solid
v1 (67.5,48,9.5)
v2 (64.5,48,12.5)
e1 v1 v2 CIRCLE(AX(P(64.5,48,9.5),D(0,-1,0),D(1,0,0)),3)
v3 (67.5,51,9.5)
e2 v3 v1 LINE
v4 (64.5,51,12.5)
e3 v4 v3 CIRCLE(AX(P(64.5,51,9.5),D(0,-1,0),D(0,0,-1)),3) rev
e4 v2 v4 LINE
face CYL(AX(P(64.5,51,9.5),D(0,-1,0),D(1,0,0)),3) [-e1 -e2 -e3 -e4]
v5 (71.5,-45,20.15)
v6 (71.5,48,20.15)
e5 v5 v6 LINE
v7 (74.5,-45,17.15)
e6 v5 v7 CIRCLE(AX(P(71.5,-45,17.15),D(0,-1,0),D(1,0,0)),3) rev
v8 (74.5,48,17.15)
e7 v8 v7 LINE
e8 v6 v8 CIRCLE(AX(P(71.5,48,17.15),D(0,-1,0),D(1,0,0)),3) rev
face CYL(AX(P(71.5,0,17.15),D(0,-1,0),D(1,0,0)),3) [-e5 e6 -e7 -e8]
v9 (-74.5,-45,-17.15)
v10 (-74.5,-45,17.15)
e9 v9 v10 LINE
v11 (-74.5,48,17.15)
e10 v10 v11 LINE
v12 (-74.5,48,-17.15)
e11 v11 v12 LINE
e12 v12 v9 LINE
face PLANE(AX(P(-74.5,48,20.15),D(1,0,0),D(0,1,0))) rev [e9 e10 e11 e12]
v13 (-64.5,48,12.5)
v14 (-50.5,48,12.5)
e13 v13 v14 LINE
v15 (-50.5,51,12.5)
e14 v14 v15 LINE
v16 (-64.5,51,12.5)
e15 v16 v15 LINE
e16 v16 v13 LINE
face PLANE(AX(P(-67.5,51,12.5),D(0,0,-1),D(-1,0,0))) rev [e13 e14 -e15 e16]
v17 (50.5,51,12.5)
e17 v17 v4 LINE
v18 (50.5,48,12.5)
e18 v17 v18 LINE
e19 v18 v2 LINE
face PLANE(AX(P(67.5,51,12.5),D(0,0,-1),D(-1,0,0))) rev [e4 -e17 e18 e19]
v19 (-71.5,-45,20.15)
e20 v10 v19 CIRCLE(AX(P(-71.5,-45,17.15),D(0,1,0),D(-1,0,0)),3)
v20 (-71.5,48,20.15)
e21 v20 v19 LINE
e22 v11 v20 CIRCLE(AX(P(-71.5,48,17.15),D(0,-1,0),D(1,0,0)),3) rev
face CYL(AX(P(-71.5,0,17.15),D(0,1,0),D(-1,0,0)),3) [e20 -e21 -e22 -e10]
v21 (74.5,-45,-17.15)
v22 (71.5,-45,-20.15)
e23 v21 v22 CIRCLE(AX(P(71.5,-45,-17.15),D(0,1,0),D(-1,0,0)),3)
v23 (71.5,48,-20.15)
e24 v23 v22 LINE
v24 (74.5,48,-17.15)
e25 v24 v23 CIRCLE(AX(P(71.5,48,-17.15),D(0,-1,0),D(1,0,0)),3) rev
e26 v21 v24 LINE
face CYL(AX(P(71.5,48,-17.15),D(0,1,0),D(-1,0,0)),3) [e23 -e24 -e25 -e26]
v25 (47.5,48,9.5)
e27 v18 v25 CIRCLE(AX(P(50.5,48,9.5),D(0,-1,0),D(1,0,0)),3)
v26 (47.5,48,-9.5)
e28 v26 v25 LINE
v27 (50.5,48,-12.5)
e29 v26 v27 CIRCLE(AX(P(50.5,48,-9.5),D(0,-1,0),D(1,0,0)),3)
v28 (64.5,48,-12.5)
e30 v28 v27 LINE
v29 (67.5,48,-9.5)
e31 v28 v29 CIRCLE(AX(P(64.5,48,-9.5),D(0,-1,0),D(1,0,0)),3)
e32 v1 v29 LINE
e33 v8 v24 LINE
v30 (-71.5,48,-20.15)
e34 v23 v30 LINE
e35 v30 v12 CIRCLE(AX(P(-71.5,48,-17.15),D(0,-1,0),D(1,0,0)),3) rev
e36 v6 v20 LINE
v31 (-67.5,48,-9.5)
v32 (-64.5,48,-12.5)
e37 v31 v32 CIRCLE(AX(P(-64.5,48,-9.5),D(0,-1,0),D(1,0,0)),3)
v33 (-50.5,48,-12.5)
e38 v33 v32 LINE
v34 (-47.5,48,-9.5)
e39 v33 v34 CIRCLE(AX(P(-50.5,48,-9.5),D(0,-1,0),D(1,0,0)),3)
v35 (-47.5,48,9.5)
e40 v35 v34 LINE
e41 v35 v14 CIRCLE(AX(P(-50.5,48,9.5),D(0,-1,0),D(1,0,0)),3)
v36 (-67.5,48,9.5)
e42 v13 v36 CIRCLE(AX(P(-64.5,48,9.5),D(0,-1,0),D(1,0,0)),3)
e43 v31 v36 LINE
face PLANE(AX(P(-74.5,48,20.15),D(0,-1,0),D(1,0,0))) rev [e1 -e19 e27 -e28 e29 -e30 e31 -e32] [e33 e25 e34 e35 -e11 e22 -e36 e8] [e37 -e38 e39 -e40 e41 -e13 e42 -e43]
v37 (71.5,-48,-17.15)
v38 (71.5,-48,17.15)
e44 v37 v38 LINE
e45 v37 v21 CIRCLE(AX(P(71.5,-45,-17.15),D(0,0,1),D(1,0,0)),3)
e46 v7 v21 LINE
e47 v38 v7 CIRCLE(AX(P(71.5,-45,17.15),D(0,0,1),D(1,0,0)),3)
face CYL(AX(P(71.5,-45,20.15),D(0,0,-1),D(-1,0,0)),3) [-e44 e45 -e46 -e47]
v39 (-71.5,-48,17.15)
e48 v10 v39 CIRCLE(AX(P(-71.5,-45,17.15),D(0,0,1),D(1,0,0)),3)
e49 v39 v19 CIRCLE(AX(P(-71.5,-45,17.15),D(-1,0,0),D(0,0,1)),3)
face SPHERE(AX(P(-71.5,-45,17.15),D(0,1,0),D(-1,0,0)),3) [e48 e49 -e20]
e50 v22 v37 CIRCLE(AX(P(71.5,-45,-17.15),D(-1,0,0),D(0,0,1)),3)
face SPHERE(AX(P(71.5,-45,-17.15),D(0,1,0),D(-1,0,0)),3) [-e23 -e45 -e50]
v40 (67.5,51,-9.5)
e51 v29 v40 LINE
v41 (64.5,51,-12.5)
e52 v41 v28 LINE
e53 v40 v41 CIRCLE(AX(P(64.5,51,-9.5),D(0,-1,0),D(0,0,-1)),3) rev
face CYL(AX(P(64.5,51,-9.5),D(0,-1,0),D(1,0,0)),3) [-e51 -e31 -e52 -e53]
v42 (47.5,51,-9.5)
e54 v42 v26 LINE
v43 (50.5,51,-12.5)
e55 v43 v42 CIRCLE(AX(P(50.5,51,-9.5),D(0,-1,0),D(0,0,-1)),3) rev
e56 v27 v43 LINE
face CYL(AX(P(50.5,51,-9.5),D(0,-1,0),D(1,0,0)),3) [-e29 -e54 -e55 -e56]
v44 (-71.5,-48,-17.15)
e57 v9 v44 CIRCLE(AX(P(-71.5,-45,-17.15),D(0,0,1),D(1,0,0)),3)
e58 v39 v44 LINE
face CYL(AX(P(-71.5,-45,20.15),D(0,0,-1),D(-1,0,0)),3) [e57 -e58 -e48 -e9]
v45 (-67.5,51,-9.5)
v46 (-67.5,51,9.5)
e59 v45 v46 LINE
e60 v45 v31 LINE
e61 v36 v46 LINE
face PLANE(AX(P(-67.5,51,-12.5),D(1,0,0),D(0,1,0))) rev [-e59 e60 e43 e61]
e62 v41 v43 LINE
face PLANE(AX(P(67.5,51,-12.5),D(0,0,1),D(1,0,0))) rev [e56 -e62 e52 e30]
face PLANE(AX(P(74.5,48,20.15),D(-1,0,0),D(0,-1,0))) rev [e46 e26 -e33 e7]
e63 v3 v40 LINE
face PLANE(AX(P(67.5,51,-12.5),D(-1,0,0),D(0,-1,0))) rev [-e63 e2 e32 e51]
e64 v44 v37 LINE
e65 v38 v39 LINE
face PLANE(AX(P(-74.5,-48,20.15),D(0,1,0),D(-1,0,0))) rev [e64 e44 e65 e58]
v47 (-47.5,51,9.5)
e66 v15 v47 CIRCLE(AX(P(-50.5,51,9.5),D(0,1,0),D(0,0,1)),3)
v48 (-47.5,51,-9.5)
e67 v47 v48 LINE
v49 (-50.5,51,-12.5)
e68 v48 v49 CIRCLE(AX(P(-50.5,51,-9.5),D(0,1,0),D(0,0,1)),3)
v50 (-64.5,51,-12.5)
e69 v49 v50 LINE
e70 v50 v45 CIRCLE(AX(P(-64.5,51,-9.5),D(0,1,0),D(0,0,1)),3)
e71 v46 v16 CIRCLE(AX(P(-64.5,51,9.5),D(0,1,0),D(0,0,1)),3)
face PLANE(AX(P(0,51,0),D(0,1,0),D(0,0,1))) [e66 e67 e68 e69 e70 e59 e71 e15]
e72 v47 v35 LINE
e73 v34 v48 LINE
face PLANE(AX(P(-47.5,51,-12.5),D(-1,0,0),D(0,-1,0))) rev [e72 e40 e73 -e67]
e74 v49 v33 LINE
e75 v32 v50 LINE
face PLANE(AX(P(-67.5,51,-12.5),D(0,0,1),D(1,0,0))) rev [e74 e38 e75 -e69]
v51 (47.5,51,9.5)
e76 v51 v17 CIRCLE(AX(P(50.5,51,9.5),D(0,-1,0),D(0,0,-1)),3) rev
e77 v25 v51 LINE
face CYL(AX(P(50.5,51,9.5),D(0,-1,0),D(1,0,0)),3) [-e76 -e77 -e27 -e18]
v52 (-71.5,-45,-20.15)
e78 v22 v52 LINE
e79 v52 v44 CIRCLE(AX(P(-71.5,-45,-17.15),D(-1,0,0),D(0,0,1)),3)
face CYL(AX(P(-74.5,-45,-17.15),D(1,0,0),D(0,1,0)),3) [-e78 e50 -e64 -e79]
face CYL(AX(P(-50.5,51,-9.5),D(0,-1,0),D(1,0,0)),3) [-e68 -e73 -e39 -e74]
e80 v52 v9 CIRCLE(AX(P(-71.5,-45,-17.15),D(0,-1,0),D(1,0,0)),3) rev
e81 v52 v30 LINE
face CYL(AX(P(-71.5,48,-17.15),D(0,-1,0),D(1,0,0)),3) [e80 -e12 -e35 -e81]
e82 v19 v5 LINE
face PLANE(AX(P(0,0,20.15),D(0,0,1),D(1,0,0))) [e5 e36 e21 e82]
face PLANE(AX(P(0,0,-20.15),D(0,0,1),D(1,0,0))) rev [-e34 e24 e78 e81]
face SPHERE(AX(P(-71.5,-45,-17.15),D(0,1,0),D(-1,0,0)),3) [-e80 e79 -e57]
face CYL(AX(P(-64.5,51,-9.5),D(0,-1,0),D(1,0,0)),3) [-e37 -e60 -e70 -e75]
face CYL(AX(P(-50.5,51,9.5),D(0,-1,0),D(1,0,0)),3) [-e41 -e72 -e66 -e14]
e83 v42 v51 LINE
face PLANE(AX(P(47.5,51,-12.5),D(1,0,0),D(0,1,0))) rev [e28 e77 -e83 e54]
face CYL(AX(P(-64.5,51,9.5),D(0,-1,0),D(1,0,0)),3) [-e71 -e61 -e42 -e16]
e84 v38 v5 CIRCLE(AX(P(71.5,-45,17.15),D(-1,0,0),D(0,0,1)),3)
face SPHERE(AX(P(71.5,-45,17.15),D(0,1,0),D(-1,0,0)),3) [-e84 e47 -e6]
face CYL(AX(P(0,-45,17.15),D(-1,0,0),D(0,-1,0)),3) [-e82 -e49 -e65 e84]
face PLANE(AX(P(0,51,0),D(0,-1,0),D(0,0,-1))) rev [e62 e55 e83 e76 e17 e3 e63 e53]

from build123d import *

# Parameters (mm, degrees)
SKETCH1_W           = 149
SKETCH1_H           = 96
BOSS_EXTRUDE1_DEPTH = 20.15
SKETCH2_W           = 20
SKETCH2_H           = 25
BOSS_EXTRUDE2_DEPTH = 3
FILLET1_R           = 3
FILLET2_R           = 3
FILLET3_R           = 3


with BuildPart() as part:
    # Sketch1 → Boss-Extrude1 (new body, symmetric)
    with BuildSketch(Plane.XY):
        Rectangle(SKETCH1_W, SKETCH1_H)
    extrude(amount=BOSS_EXTRUDE1_DEPTH, both=True)

    # Sketch2 → Boss-Extrude2 (add, symmetric)
    with BuildSketch(Plane(origin=(0, 48, 0), x_dir=(1, 0, 0), z_dir=(0, 1, 0))):
        with Locations((-57.5, 0)):
            Rectangle(SKETCH2_W, SKETCH2_H)
        with Locations((57.5, 0)):
            Rectangle(SKETCH2_W, SKETCH2_H)
    extrude(amount=BOSS_EXTRUDE2_DEPTH, both=True)

    # Fillet1
    fillet1_edges = [part.edges().sort_by_distance(p)[0] for p in [
        (74.5, 0, 20.15),
        (-74.5, 0, 20.15),
        (74.5, 0, -20.15),
        (-74.5, 0, -20.15),
    ]]
    fillet(fillet1_edges, radius=FILLET1_R)

    # Fillet2
    fillet2_edges = [part.edges().sort_by_distance(p)[0] for p in [
        (0, -48, 20.15),
        (0, -48, -20.15),
        (74.5, -48, 0),
        (-74.5, -48, 0),
        (73.621320344, -48, 19.271320344),
        (73.621320344, -48, -19.271320344),
        (-73.621320344, -48, -19.271320344),
        (-73.621320344, -48, 19.271320344),
    ]]
    fillet(fillet2_edges, radius=FILLET2_R)

    # Fillet3
    fillet3_edges = [part.edges().sort_by_distance(p)[0] for p in [
        (-67.5, 49.5, -12.5),
        (-67.5, 49.5, 12.5),
        (-47.5, 49.5, 12.5),
        (-47.5, 49.5, -12.5),
        (67.5, 49.5, 12.5),
        (67.5, 49.5, -12.5),
        (47.5, 49.5, -12.5),
        (47.5, 49.5, 12.5),
    ]]
    fillet(fillet3_edges, radius=FILLET3_R)


solid = part.part
